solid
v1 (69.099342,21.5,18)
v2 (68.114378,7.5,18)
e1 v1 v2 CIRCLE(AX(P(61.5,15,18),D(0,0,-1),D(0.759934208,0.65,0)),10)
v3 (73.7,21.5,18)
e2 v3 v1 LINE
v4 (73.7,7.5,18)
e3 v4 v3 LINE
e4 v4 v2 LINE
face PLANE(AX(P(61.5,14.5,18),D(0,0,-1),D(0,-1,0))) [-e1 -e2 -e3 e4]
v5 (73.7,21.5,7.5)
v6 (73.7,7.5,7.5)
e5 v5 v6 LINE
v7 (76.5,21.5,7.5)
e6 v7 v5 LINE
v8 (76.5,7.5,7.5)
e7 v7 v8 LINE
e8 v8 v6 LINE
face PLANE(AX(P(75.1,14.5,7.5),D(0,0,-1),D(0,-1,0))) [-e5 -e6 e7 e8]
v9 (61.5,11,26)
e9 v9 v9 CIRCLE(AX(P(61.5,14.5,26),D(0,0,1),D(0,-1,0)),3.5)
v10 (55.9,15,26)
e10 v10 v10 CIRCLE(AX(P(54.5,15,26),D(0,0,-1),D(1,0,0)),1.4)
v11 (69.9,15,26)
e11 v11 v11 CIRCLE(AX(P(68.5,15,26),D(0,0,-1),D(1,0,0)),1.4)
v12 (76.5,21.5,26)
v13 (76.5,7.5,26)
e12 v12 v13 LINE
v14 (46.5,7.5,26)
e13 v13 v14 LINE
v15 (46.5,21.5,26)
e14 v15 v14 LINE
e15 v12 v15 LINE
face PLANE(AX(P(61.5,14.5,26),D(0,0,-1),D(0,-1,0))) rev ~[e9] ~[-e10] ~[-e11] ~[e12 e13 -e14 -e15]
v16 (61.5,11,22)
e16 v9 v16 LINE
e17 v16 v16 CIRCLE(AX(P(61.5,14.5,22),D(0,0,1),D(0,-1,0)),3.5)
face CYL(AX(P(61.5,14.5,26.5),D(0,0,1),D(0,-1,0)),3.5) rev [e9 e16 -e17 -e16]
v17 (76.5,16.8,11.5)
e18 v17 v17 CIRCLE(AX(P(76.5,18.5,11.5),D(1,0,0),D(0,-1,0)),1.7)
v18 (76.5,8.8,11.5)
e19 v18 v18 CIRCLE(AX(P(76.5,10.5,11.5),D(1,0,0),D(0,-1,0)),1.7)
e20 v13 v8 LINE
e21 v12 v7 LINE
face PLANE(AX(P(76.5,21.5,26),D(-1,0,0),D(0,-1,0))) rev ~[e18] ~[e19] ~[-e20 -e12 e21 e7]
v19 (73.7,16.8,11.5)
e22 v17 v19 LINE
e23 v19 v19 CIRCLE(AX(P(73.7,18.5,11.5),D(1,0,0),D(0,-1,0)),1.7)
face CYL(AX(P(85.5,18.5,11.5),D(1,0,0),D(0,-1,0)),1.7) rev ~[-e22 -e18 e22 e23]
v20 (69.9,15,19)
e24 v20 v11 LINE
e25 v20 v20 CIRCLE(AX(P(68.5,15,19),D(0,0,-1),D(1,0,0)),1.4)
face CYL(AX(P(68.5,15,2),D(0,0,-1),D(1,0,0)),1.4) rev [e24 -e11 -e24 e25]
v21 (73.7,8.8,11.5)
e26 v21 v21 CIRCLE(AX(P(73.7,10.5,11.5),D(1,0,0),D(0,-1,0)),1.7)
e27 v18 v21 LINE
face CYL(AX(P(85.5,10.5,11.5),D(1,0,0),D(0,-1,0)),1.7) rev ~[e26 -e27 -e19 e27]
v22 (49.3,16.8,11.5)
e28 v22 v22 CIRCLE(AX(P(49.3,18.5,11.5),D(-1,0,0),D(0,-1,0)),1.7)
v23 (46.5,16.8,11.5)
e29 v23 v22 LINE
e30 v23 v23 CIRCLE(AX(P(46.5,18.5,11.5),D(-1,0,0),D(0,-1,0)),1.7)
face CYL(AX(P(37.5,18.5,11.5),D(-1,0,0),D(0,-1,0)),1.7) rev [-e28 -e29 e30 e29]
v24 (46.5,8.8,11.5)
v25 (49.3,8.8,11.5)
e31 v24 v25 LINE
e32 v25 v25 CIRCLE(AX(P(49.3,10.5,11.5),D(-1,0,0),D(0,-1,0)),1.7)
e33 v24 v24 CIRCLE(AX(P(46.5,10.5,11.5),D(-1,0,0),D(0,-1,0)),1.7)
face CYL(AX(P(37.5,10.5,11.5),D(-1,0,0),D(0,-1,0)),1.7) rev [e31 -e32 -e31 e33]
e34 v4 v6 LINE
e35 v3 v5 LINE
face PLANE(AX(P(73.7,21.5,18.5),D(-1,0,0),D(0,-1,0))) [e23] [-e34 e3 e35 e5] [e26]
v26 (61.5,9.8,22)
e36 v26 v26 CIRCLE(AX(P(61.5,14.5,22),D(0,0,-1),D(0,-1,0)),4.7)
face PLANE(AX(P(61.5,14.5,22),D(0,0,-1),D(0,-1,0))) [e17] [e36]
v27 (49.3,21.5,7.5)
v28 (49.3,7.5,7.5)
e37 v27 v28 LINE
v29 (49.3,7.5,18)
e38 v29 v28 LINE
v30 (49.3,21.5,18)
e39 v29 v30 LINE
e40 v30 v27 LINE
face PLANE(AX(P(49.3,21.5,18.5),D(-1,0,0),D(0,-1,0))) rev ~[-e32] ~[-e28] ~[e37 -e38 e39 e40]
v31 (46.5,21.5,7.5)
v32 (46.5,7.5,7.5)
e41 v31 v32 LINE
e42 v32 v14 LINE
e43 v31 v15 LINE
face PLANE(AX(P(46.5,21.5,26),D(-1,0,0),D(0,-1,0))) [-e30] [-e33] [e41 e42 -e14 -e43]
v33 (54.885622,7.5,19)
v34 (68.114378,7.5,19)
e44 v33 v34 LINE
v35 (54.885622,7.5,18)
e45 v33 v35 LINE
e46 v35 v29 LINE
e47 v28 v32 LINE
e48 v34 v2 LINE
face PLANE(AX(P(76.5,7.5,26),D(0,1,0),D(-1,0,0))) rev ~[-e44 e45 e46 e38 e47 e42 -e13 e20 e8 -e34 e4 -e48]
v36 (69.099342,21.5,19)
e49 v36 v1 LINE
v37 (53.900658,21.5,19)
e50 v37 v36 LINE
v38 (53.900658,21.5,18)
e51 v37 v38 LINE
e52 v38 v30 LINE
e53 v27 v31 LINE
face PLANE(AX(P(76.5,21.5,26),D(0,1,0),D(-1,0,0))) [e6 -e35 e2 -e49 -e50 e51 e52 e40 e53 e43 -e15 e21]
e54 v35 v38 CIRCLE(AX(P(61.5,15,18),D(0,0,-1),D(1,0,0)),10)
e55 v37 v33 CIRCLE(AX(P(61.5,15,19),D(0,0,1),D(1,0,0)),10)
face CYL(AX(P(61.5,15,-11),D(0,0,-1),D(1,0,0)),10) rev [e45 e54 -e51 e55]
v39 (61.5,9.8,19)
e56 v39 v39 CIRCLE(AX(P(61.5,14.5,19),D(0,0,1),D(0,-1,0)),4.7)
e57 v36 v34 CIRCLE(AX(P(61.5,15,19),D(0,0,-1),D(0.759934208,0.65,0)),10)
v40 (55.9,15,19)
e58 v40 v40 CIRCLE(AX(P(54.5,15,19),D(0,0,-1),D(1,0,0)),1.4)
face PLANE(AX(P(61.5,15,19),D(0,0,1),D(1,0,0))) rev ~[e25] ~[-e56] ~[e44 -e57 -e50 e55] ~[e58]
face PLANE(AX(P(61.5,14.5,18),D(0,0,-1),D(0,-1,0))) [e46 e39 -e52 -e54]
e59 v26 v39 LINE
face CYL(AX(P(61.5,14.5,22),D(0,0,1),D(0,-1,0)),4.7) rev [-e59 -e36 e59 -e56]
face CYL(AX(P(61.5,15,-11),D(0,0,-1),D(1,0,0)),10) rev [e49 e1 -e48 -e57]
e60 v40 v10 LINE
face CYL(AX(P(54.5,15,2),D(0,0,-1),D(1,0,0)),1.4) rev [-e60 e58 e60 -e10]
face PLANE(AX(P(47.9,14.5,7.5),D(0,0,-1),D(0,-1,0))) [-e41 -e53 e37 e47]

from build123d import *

# Parameters (mm, degrees)
CYLINDER276_R             = 10
CYLINDER276_DEPTH         = 30
CYLINDER110_R             = 3.5
CYLINDER110_DEPTH         = 30
CYLINDER109_R             = 4.7
CYLINDER109_DEPTH         = 30
FUSION080_ROLL_ANGLE      = 180
FUSION080_PLACEMENT_ANGLE = -90
CYLINDER269_R             = 1.4
CYLINDER269_DEPTH         = 50
CYLINDER268_R             = 1.4
CYLINDER268_DEPTH         = 50
CYLINDER030_R             = 1.7
CYLINDER030_DEPTH         = 19
CYLINDER030_ROLL_ANGLE    = 90
CYLINDER107_R             = 1.7
CYLINDER107_DEPTH         = 19
CYLINDER107_ROLL_ANGLE    = 90
CYLINDER108_R             = 1.7
CYLINDER108_DEPTH         = 19
CYLINDER108_ROLL_ANGLE    = 90
CYLINDER104_R             = 1.7
CYLINDER104_DEPTH         = 19
CYLINDER104_ROLL_ANGLE    = 90
BOX001012_W               = 14
BOX001012_H               = 2.8
BOX001012_DEPTH           = 11
BOX001011_W               = 14
BOX001011_H               = 2.8
BOX001011_DEPTH           = 11
BOX001010_W               = 14
BOX001010_H               = 30
BOX001010_DEPTH           = 8
CUT006_ROLL_ANGLE         = 180
CUT006_PLACEMENT_ANGLE    = -90


with BuildPart() as cylinder290:
    # Cylinder276 → Cylinder276 (new body)
    with BuildSketch(Plane(origin=(61.5, 15, -11), x_dir=(1, 0, 0), z_dir=(0, 0, 1))):
        Circle(CYLINDER276_R)
    extrude(amount=CYLINDER276_DEPTH)


with BuildPart() as cylinder116:
    # Cylinder110 → Cylinder110 (new body)
    with BuildSketch(Plane.XY.offset(-9)):
        Circle(CYLINDER110_R)
    extrude(amount=CYLINDER110_DEPTH)


with BuildPart() as bearing_nut:
    # Cylinder109 → Cylinder109 (new body)
    with BuildSketch(Plane.XY.offset(-4.5)):
        Circle(CYLINDER109_R)
    extrude(amount=CYLINDER109_DEPTH)

    # Fusion080: union Cylinder116
    add(cylinder116.part)


with BuildPart() as bearing_nut_1:
    # Fusion080 roll: moved
    add(bearing_nut.part.rotate(Axis((0, 0, 0), (1, 0, 0)), FUSION080_ROLL_ANGLE))


with BuildPart() as bearing_nut_2:
    # Fusion080 placement: moved
    add(bearing_nut_1.part.moved(Location((61.5, 14.5, 17.5))).rotate(Axis((61.5, 14.5, 17.5), (0, 0, 1)), FUSION080_PLACEMENT_ANGLE))


with BuildPart() as m3_studding026:
    # Cylinder269 → Cylinder269 (new body)
    with BuildSketch(Plane(origin=(68.5, 15, 2), x_dir=(1, 0, 0), z_dir=(0, 0, 1))):
        Circle(CYLINDER269_R)
    extrude(amount=CYLINDER269_DEPTH)


with BuildPart() as fusion112155:
    # Cylinder268 → Cylinder268 (new body)
    with BuildSketch(Plane(origin=(54.5, 15, 2), x_dir=(1, 0, 0), z_dir=(0, 0, 1))):
        Circle(CYLINDER268_R)
    extrude(amount=CYLINDER268_DEPTH)

    # Fusion112155: union m3-studding026
    add(m3_studding026.part)


with BuildPart() as cylinder030:
    # Cylinder030 → Cylinder030 (new body)
    with BuildSketch(Plane.XY):
        Circle(CYLINDER030_R)
    extrude(amount=CYLINDER030_DEPTH)


with BuildPart() as cylinder030_1:
    # Cylinder030 roll: moved
    add(cylinder030.part.rotate(Axis((0, 0, 0), (1, 0, 0)), CYLINDER030_ROLL_ANGLE))


with BuildPart() as cylinder030_2:
    # Cylinder030 placement: moved
    add(cylinder030_1.part.moved(Location((4, 24, 6))))


with BuildPart() as cylinder107:
    # Cylinder107 → Cylinder107 (new body)
    with BuildSketch(Plane.XY):
        Circle(CYLINDER107_R)
    extrude(amount=CYLINDER107_DEPTH)


with BuildPart() as cylinder107_1:
    # Cylinder107 roll: moved
    add(cylinder107.part.rotate(Axis((0, 0, 0), (1, 0, 0)), CYLINDER107_ROLL_ANGLE))


with BuildPart() as cylinder107_2:
    # Cylinder107 placement: moved
    add(cylinder107_1.part.moved(Location((4, 24, 6))))


with BuildPart() as part_mirroring013:
    # Part__Mirroring013: instance of Cylinder107
    add(cylinder107_2.part.mirror(Plane(origin=(0, 0, 0), x_dir=(1, 0, 0), z_dir=(0, 1, 0))))


with BuildPart() as cylinder108:
    # Cylinder108 → Cylinder108 (new body)
    with BuildSketch(Plane.XY):
        Circle(CYLINDER108_R)
    extrude(amount=CYLINDER108_DEPTH)


with BuildPart() as cylinder108_1:
    # Cylinder108 roll: moved
    add(cylinder108.part.rotate(Axis((0, 0, 0), (1, 0, 0)), CYLINDER108_ROLL_ANGLE))


with BuildPart() as cylinder108_2:
    # Cylinder108 placement: moved
    add(cylinder108_1.part.moved(Location((-4, 24, 6))))


with BuildPart() as part_mirroring014:
    # Part__Mirroring014: instance of Cylinder108
    add(cylinder108_2.part.mirror(Plane(origin=(0, 0, 0), x_dir=(1, 0, 0), z_dir=(0, 1, 0))))


with BuildPart() as m3_clear_a:
    # Cylinder104 → Cylinder104 (new body)
    with BuildSketch(Plane.XY):
        Circle(CYLINDER104_R)
    extrude(amount=CYLINDER104_DEPTH)


with BuildPart() as m3_clear_a_1:
    # Cylinder104 roll: moved
    add(m3_clear_a.part.rotate(Axis((0, 0, 0), (1, 0, 0)), CYLINDER104_ROLL_ANGLE))


with BuildPart() as m3_clear_a_2:
    # Cylinder104 placement: moved
    add(m3_clear_a_1.part.moved(Location((-4, 24, 6))))

    # Fusion063: union Cylinder030, Part__Mirroring013, Part__Mirroring014
    add(cylinder030_2.part)
    add(part_mirroring013.part)
    add(part_mirroring014.part)


with BuildPart() as cube051:
    # Box001012 → Box001012 (new body)
    with BuildSketch(Plane(origin=(-7, 12.2, -1), x_dir=(1, 0, 0), z_dir=(0, 0, 1))):
        with Locations((7, 1.4)):
            Rectangle(BOX001012_W, BOX001012_H)
    extrude(amount=BOX001012_DEPTH)


with BuildPart() as cube050:
    # Box001011 → Box001011 (new body)
    with BuildSketch(Plane(origin=(-7, -15, -1), x_dir=(1, 0, 0), z_dir=(0, 0, 1))):
        with Locations((7, 1.4)):
            Rectangle(BOX001011_W, BOX001011_H)
    extrude(amount=BOX001011_DEPTH)


with BuildPart() as bearing_clamp:
    # Box001010 → Box001010 (new body)
    with BuildSketch(Plane(origin=(-7, -15, -8.5), x_dir=(1, 0, 0), z_dir=(0, 0, 1))):
        with Locations((7, 15)):
            Rectangle(BOX001010_W, BOX001010_H)
    extrude(amount=BOX001010_DEPTH)

    # Fusion061: union Cube051, Cube050
    add(cube051.part)
    add(cube050.part)

    # Cut006: cut M3-clear-a
    add(m3_clear_a_2.part, mode=Mode.SUBTRACT)


with BuildPart() as bearing_clamp_1:
    # Cut006 roll: moved
    add(bearing_clamp.part.rotate(Axis((0, 0, 0), (1, 0, 0)), CUT006_ROLL_ANGLE))


with BuildPart() as bearing_clamp_2:
    # Cut006 placement: moved
    add(bearing_clamp_1.part.moved(Location((61.5, 14.5, 17.5))).rotate(Axis((61.5, 14.5, 17.5), (0, 0, 1)), CUT006_PLACEMENT_ANGLE))

    # Cut240: cut Fusion112155
    add(fusion112155.part, mode=Mode.SUBTRACT)

    # Cut241: cut bearing-nut
    add(bearing_nut_2.part, mode=Mode.SUBTRACT)

    # Cut252: cut Cylinder290
    add(cylinder290.part, mode=Mode.SUBTRACT)


solid = bearing_clamp_2.part
